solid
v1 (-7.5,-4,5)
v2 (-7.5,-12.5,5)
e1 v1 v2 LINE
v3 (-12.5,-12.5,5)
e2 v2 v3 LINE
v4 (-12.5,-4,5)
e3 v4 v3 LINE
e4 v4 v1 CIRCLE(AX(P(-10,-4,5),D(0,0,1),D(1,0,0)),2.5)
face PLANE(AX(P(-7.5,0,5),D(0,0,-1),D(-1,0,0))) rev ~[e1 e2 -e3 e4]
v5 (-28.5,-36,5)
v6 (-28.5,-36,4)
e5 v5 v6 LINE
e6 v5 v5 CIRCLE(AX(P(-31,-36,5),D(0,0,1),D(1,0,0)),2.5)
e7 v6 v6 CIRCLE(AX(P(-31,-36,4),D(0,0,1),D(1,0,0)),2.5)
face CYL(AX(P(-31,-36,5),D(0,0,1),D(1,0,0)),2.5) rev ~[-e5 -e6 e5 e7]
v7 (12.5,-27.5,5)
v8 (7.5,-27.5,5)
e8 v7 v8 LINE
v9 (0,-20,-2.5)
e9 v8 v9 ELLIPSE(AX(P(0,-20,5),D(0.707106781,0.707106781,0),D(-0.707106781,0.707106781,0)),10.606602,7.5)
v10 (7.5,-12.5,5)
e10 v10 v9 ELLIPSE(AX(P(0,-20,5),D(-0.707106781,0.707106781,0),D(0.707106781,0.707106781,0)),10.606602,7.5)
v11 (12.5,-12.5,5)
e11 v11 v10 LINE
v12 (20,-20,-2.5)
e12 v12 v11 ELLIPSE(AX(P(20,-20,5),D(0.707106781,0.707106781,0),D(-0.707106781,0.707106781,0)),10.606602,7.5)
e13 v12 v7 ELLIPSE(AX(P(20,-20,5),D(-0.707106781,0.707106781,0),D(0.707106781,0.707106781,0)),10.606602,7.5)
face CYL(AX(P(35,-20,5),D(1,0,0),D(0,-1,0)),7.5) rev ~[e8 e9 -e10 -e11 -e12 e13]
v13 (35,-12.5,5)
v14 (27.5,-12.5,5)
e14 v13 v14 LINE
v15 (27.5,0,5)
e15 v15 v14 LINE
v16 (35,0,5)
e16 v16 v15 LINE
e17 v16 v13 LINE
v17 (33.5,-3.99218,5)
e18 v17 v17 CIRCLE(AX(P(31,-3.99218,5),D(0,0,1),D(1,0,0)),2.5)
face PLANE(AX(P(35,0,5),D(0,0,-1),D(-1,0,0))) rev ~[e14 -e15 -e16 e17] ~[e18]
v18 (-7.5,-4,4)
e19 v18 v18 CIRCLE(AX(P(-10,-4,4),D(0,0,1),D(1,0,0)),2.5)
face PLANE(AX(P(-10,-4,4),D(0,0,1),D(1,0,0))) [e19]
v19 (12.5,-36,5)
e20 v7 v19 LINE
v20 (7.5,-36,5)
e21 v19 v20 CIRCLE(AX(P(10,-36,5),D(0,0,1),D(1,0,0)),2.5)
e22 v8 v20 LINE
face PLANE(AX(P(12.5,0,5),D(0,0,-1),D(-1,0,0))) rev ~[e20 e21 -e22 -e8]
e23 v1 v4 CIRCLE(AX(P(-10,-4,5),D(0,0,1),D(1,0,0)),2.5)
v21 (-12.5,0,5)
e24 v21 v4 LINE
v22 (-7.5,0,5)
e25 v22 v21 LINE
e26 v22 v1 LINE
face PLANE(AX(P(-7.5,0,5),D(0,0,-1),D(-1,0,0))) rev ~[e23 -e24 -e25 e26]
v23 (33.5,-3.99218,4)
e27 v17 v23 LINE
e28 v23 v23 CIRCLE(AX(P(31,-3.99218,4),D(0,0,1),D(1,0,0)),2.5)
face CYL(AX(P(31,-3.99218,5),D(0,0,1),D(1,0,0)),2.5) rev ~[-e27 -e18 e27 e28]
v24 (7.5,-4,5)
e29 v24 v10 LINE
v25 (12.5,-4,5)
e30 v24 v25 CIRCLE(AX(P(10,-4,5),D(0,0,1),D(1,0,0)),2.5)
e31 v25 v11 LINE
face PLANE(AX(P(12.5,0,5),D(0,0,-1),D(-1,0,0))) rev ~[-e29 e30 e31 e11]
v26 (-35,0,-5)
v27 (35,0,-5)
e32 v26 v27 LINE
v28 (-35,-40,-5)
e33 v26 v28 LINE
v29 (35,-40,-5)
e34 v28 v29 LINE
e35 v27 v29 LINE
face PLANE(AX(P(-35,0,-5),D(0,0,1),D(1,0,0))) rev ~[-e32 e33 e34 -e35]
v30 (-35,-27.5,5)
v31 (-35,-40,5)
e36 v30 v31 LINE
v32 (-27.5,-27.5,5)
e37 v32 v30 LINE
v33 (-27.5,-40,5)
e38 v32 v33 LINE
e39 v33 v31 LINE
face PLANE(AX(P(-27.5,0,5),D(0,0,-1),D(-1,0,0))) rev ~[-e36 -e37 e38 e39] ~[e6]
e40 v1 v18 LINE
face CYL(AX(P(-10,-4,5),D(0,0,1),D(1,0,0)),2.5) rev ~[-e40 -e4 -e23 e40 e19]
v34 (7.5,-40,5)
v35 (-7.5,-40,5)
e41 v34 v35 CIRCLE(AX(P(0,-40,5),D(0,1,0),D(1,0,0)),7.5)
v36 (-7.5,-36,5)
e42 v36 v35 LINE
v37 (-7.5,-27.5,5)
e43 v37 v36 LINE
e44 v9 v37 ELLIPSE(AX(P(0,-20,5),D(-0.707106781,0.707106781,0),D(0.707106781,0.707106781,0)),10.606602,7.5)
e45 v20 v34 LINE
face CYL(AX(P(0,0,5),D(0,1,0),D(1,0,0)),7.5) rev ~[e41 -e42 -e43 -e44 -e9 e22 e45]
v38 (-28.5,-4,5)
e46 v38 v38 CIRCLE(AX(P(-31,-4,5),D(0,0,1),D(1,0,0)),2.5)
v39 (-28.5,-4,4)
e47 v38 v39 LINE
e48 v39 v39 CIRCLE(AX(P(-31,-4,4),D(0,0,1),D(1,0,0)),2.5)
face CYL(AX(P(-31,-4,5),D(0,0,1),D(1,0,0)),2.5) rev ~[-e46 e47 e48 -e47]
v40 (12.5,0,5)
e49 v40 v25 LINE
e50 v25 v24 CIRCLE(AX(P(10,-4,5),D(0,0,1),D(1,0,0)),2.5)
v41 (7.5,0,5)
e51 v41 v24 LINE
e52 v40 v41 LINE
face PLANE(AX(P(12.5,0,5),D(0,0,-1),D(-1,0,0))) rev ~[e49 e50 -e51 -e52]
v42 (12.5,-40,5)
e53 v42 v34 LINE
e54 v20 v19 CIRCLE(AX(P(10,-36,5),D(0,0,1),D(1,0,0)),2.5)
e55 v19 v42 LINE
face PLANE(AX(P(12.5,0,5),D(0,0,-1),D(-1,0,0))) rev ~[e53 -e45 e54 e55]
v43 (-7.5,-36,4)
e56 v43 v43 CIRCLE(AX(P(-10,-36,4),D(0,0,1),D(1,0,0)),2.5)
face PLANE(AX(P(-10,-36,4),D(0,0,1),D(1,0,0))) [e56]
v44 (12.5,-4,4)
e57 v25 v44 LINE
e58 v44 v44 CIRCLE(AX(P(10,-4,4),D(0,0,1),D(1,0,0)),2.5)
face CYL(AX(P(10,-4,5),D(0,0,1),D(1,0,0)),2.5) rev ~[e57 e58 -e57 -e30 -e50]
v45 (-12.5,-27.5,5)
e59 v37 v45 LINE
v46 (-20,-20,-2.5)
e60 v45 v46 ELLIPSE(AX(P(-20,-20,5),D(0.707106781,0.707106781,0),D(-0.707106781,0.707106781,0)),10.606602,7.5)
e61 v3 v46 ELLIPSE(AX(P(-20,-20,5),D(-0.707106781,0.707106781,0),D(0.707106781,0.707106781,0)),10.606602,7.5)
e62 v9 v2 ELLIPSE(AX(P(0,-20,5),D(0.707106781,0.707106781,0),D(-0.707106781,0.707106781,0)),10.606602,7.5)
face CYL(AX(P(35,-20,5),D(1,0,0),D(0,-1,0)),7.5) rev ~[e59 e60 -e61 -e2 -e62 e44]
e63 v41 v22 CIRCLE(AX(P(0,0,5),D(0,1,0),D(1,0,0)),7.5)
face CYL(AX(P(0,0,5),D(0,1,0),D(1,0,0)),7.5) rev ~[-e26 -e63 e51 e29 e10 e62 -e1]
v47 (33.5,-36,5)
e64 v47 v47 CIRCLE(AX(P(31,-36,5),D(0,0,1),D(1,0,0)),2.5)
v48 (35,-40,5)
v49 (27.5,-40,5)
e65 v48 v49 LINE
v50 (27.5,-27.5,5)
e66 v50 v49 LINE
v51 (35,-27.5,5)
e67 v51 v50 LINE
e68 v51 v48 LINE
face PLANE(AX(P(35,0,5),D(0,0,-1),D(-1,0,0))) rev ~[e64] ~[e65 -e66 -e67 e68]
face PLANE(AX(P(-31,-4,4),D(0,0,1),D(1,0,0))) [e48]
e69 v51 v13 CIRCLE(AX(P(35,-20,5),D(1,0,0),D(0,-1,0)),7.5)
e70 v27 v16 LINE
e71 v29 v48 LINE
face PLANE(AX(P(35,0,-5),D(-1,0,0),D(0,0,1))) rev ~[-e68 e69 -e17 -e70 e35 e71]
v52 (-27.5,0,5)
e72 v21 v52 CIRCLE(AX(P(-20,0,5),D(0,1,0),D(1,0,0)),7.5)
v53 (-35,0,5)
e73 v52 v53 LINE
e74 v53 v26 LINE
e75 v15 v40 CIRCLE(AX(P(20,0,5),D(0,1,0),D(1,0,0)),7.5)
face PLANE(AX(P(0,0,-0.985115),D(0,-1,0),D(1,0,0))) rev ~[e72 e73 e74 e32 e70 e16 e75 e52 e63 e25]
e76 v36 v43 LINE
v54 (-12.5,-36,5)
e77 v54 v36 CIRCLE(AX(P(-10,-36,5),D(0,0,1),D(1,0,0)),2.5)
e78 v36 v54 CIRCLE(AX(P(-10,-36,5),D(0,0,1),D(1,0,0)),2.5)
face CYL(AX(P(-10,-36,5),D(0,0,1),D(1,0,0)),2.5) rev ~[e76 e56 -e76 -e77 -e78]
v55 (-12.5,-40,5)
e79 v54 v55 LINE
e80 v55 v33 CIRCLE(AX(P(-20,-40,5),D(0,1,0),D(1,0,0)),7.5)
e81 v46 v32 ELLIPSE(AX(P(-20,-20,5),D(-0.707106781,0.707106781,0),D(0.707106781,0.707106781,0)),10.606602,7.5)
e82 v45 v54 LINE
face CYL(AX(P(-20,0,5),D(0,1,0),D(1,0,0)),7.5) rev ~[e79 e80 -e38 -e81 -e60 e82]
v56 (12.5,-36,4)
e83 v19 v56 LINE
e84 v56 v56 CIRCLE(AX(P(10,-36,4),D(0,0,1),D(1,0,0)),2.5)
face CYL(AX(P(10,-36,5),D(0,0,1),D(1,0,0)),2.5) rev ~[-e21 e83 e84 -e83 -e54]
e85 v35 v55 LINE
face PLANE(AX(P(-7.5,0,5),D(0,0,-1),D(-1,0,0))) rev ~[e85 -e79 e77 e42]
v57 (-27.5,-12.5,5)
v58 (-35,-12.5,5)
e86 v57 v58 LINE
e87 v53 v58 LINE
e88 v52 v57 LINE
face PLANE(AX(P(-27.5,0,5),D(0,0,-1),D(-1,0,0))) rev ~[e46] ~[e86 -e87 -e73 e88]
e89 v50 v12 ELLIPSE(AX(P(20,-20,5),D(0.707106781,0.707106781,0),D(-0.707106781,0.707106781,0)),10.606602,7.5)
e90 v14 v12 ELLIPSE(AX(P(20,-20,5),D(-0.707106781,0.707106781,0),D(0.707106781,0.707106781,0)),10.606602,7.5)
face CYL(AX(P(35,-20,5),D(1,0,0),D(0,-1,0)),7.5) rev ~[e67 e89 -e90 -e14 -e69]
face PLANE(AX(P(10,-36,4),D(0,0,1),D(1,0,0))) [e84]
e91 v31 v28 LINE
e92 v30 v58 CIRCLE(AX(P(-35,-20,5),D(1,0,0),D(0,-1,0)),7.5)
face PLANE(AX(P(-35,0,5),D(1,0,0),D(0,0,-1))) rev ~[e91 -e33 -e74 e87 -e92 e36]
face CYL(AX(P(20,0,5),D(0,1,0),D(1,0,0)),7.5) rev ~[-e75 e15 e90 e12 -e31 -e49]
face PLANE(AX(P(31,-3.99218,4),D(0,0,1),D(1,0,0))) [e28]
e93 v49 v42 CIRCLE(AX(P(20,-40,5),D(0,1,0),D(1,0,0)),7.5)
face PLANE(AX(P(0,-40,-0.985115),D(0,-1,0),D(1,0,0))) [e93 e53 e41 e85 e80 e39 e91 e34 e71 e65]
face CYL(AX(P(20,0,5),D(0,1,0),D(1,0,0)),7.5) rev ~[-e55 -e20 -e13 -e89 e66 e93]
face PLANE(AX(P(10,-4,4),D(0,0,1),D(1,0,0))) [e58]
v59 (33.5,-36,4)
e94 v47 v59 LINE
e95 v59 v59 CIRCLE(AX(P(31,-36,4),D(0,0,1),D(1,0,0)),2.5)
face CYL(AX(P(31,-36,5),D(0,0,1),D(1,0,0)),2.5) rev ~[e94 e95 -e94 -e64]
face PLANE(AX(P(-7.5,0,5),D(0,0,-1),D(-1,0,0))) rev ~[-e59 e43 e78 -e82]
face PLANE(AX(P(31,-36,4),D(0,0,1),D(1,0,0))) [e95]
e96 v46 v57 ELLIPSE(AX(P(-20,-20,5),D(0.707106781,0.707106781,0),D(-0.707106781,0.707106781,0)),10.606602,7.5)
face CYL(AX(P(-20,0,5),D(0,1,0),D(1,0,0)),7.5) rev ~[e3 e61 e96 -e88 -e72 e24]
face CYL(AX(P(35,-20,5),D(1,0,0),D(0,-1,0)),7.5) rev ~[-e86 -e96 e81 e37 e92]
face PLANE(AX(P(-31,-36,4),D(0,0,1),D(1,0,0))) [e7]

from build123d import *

# Parameters (mm, degrees)
F1_DEPTH  = 40
F3_DEPTH  = 70.001
F4_R      = 2.5
F5_DEPTH  = 1
F6_R      = 2.5
F7_DEPTH  = 1
F8_R      = 2.5
F9_DEPTH  = 1
F10_R     = 2.5
F11_DEPTH = 1
F13_DEPTH = 1
F15_DEPTH = 1
F17_DEPTH = 1
F19_DEPTH = 1


with BuildPart() as f1:
    # F0 (on Front) → F1 (new body)
    with BuildSketch(Plane.XZ):
        with BuildLine():
            Line((-35, -5), (35, -5))
            Line((35, -5), (35, 5))
            Line((35, 5), (27.5, 5))
            ThreePointArc((27.5, 5), (20, -2.5), (12.5, 5))
            Line((12.5, 5), (7.5, 5))
            ThreePointArc((7.5, 5), (0, -2.5), (-7.5, 5))
            Line((-7.5, 5), (-12.5, 5))
            ThreePointArc((-12.5, 5), (-20, -2.5), (-27.5, 5))
            Line((-27.5, 5), (-35, 5))
            Line((-35, 5), (-35, -5))
        make_face()
    extrude(amount=F1_DEPTH)

    # F2 (on face) → F3 (cut, through all)
    with BuildSketch(Plane.YZ.offset(35)):
        with BuildLine():
            ThreePointArc((-27.5, 5), (-20, -2.5), (-12.5, 5))
            Line((-12.5, 5), (-27.5, 5))
        make_face()
    extrude(amount=-F3_DEPTH, mode=Mode.SUBTRACT)

    # F4 (on face) → F5 (cut)
    with BuildSketch(Plane.XY.offset(5)):
        with Locations((31, -36)):
            Circle(F4_R)
    extrude(amount=-F5_DEPTH, mode=Mode.SUBTRACT)

    # F6 (on face) → F7 (cut)
    with BuildSketch(Plane.XY.offset(5)):
        with Locations((31, -3.9921798557)):
            Circle(F6_R)
    extrude(amount=-F7_DEPTH, mode=Mode.SUBTRACT)

    # F8 (on face) → F9 (cut)
    with BuildSketch(Plane.XY.offset(5)):
        with Locations((-31, -36)):
            Circle(F8_R)
    extrude(amount=-F9_DEPTH, mode=Mode.SUBTRACT)

    # F10 (on face) → F11 (cut)
    with BuildSketch(Plane.XY.offset(5)):
        with Locations((-31, -4)):
            Circle(F10_R)
    extrude(amount=-F11_DEPTH, mode=Mode.SUBTRACT)

    # F12 (on face) → F13 (cut)
    with BuildSketch(Plane.XY.offset(5)):
        with BuildLine():
            ThreePointArc((-12.5, -4), (-10, -6.5), (-7.5, -4))
            ThreePointArc((-7.5, -4), (-10, -1.5), (-12.5, -4))
        make_face()
    extrude(amount=-F13_DEPTH, mode=Mode.SUBTRACT)

    # F14 (on face) → F15 (cut)
    with BuildSketch(Plane.XY.offset(5)):
        with BuildLine():
            ThreePointArc((7.5, -4), (10, -6.5), (12.5, -4))
            ThreePointArc((12.5, -4), (10, -1.5), (7.5, -4))
        make_face()
    extrude(amount=-F15_DEPTH, mode=Mode.SUBTRACT)

    # F16 (on face) → F17 (cut)
    with BuildSketch(Plane.XY.offset(5)):
        with BuildLine():
            ThreePointArc((-12.5, -36), (-10, -38.5), (-7.5, -36))
            ThreePointArc((-7.5, -36), (-10, -33.5), (-12.5, -36))
        make_face()
    extrude(amount=-F17_DEPTH, mode=Mode.SUBTRACT)

    # F18 (on face) → F19 (cut)
    with BuildSketch(Plane.XY.offset(5)):
        with BuildLine():
            ThreePointArc((7.5, -36), (10, -38.5), (12.5, -36))
            ThreePointArc((12.5, -36), (10, -33.5), (7.5, -36))
        make_face()
    extrude(amount=-F19_DEPTH, mode=Mode.SUBTRACT)


solid = f1.part
